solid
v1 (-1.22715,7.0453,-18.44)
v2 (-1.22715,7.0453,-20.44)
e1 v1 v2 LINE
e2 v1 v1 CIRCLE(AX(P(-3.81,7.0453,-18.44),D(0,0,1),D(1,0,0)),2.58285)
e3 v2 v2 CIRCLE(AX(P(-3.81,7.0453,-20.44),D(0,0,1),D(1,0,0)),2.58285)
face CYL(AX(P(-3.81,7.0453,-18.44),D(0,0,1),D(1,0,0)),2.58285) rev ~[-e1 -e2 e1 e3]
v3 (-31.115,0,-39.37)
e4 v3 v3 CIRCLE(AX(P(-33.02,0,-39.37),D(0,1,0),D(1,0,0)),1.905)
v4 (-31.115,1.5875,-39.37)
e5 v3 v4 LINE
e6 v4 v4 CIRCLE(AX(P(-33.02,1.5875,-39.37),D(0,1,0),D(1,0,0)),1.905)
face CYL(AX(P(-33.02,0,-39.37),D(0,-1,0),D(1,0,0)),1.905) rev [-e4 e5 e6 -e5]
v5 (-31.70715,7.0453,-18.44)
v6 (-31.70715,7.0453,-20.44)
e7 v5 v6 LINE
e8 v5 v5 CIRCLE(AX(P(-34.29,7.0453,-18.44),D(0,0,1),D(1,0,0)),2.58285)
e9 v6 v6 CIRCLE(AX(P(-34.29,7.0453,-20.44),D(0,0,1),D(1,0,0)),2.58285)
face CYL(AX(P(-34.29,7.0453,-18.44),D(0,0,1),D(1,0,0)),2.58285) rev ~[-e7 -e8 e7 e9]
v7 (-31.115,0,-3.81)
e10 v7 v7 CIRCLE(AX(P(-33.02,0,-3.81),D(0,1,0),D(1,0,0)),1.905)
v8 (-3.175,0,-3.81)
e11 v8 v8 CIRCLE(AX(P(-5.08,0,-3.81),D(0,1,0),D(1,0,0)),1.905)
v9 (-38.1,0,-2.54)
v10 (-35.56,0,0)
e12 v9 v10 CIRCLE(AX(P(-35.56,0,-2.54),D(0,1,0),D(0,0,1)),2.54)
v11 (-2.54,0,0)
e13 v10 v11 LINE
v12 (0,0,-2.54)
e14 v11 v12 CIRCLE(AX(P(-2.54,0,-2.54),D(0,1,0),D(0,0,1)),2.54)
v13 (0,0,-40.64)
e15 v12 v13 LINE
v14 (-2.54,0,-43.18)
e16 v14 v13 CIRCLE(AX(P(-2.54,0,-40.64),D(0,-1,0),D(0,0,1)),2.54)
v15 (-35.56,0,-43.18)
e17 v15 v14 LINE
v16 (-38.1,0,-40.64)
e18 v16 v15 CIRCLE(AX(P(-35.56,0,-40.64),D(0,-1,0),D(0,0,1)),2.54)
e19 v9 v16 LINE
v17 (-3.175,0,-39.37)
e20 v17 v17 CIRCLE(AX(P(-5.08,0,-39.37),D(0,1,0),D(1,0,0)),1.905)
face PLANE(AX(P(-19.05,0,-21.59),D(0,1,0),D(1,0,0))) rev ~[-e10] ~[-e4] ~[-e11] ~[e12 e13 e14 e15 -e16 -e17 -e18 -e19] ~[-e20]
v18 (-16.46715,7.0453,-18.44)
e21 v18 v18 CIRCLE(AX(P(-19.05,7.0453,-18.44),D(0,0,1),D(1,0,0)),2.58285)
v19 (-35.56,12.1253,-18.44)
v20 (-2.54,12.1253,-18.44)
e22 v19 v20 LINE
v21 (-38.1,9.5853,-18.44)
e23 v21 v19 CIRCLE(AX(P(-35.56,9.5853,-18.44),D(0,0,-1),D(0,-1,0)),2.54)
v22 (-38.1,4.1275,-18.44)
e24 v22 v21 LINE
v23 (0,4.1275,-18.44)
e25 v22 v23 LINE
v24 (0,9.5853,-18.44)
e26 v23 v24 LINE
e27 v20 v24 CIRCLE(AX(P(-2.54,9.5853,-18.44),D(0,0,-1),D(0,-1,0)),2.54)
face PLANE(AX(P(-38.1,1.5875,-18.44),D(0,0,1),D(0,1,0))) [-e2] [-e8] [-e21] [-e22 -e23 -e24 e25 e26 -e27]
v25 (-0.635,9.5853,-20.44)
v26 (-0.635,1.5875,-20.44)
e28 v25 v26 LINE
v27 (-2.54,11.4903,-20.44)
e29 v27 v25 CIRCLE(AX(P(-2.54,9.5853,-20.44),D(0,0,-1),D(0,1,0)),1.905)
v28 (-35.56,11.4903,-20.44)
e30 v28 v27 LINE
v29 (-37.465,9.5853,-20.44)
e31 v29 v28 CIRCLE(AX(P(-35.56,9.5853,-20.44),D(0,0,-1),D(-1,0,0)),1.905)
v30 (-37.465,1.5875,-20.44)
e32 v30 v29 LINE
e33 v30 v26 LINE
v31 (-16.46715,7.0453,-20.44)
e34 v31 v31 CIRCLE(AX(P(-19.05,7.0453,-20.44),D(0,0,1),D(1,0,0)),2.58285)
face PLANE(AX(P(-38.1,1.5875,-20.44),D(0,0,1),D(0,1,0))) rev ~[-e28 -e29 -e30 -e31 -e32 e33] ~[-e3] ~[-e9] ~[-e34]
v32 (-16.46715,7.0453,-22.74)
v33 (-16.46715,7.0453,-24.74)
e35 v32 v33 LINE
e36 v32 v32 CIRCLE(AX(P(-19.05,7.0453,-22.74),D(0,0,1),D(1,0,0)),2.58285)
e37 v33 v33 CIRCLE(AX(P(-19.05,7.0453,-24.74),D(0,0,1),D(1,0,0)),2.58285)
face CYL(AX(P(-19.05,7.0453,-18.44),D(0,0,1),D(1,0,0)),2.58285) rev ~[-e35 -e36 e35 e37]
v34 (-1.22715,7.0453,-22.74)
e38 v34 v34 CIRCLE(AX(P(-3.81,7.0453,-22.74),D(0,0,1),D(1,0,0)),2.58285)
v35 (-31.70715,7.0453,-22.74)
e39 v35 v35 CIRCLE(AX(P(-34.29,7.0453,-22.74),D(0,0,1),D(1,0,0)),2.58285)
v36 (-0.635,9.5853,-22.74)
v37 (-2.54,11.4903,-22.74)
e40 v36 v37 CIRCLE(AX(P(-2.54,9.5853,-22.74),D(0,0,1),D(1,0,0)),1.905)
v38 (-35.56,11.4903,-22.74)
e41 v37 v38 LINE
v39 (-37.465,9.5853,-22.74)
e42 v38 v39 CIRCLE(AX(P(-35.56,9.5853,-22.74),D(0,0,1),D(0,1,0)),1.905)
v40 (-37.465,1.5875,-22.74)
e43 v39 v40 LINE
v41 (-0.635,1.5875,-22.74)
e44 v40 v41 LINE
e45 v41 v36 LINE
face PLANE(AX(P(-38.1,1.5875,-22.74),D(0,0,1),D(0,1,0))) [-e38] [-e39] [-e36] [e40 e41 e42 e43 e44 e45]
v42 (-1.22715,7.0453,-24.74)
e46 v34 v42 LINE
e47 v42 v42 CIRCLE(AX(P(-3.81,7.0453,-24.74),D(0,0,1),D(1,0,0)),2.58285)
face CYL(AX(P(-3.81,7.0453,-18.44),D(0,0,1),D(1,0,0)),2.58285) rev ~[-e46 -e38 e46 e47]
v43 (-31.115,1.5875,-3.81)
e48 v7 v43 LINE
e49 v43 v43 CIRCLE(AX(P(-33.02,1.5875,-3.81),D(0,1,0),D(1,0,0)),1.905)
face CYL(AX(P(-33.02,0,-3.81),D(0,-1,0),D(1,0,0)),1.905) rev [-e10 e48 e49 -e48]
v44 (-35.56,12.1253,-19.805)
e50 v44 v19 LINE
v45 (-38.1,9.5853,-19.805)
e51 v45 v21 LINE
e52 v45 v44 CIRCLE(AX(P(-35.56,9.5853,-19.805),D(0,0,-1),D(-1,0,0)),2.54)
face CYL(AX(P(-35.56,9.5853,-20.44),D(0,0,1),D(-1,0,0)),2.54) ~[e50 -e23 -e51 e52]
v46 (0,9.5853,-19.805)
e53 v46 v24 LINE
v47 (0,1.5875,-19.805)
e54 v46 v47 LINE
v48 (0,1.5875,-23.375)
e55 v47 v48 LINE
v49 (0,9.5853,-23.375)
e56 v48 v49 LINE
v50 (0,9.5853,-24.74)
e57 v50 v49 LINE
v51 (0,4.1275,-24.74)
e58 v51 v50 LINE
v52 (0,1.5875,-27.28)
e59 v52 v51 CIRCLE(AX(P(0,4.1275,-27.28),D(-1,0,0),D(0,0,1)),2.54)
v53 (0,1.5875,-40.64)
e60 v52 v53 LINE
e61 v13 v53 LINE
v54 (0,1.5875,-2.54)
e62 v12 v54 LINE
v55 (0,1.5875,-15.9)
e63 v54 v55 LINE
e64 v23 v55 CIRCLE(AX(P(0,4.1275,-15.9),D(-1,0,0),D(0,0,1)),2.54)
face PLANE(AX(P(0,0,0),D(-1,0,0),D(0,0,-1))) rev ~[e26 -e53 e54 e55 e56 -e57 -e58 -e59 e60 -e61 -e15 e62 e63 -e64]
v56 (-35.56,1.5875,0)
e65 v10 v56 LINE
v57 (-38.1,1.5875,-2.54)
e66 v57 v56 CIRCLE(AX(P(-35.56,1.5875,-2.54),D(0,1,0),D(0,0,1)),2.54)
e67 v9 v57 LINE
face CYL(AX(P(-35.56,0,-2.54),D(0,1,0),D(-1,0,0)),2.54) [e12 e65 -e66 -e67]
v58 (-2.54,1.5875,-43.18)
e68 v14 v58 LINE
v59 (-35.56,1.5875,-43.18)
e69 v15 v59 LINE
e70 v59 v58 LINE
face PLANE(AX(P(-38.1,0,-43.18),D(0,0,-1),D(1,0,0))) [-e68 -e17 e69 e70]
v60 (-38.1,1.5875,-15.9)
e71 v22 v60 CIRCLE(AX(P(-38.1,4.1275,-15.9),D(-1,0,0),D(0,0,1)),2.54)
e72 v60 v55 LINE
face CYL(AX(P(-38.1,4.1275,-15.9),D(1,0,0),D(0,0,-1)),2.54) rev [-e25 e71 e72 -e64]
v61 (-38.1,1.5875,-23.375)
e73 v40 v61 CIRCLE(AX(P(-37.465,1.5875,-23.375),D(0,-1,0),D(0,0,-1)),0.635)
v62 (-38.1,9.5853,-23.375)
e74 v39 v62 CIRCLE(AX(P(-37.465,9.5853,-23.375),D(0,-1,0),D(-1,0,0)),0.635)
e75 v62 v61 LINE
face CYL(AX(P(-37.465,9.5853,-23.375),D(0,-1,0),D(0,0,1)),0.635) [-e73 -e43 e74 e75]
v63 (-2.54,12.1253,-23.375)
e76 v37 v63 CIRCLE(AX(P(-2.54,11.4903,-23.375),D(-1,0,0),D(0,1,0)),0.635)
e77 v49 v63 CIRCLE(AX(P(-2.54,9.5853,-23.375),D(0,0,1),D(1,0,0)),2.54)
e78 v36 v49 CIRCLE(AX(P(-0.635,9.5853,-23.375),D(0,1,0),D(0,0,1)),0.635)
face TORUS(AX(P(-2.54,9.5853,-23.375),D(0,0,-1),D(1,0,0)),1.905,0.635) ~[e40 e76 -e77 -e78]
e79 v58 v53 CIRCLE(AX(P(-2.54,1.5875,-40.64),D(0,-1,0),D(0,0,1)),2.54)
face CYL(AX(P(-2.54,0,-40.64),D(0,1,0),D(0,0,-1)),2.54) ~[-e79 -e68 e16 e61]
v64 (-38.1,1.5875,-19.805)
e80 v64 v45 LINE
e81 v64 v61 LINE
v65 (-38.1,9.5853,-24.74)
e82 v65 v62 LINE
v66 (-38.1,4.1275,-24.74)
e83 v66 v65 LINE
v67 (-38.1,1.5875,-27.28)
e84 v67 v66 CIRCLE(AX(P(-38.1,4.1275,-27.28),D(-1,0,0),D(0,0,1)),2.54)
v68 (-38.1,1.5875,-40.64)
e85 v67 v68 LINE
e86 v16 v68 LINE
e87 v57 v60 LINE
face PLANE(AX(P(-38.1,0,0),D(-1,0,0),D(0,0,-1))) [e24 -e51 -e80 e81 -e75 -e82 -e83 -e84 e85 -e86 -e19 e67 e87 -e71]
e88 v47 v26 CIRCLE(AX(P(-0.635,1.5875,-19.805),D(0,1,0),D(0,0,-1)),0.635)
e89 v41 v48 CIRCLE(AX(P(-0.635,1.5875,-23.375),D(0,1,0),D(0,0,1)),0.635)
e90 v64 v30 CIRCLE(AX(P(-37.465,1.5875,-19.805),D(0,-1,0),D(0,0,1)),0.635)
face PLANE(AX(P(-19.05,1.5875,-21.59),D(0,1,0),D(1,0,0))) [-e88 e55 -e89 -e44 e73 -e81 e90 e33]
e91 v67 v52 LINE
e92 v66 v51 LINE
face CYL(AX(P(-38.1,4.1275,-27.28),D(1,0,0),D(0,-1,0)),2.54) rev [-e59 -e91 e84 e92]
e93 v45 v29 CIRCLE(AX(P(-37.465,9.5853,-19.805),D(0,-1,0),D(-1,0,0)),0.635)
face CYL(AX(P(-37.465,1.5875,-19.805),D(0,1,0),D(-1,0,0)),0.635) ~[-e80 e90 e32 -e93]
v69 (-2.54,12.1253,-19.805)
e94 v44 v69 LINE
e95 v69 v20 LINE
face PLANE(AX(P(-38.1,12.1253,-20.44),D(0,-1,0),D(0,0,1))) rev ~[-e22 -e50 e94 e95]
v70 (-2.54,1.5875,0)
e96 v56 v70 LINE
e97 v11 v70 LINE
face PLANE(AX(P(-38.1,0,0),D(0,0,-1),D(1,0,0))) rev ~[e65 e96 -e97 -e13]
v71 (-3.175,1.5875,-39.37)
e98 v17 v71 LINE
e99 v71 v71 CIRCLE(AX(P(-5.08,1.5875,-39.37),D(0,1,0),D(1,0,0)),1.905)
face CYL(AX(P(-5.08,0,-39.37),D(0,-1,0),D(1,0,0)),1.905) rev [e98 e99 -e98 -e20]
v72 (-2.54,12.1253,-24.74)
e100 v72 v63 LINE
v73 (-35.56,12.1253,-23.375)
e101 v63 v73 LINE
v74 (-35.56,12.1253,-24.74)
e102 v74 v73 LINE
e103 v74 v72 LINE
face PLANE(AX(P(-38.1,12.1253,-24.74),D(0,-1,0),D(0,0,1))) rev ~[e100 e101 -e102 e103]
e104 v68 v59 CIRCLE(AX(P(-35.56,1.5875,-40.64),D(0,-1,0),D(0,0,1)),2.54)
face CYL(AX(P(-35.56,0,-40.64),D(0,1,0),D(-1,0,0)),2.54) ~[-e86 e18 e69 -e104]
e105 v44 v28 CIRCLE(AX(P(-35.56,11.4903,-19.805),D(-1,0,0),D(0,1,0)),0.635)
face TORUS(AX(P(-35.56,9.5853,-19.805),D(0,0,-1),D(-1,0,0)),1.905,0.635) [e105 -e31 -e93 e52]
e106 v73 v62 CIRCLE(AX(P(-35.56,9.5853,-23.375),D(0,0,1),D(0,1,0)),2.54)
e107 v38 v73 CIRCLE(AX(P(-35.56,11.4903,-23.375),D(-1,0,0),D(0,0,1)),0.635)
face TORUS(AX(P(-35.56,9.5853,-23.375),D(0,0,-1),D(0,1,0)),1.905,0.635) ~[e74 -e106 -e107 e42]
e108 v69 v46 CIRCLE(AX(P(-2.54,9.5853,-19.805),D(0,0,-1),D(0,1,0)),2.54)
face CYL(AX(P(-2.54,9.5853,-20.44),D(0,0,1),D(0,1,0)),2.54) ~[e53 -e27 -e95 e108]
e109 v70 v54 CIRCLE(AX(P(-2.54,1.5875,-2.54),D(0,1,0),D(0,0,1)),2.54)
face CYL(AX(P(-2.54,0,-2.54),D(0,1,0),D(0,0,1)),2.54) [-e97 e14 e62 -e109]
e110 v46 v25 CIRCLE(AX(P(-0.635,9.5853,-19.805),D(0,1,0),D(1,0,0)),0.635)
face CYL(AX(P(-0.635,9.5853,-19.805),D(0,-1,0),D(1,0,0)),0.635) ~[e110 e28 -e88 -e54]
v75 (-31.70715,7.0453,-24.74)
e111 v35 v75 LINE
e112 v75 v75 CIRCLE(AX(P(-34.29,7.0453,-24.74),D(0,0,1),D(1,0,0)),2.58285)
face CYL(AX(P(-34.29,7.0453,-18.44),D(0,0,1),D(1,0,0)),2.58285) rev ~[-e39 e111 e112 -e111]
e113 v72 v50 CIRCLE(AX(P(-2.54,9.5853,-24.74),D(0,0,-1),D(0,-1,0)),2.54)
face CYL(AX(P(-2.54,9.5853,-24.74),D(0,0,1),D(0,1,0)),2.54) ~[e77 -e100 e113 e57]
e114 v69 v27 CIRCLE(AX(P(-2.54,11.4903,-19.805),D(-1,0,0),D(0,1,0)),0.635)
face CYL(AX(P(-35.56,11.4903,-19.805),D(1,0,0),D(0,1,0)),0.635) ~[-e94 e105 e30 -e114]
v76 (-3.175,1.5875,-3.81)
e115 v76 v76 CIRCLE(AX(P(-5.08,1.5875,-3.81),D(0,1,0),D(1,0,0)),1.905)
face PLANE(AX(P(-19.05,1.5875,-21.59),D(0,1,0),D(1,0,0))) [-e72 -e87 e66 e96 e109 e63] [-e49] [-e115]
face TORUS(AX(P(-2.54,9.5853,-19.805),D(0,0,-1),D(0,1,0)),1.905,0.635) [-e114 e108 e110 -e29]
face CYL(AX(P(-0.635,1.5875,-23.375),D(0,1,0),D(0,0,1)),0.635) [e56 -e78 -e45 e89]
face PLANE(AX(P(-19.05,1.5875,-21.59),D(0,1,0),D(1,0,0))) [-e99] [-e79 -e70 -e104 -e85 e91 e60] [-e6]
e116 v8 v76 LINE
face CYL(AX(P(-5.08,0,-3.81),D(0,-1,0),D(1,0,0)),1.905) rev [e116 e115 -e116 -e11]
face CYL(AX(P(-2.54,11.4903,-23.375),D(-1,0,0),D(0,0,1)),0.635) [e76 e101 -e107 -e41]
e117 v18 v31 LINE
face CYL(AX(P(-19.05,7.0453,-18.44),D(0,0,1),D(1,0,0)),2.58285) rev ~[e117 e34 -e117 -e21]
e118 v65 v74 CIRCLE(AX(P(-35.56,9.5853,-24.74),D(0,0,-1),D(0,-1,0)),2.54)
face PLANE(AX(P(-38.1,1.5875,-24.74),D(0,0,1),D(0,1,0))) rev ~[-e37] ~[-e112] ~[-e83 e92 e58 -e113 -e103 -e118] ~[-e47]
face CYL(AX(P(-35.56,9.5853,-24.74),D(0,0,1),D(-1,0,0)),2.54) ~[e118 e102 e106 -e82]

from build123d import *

# Parameters (mm, degrees)
SKETCH1_W               = 38.1
SKETCH1_H               = 43.18
SKETCH1_R               = 1.905
BOSS_EXTRUDE1_DEPTH     = 1.5875
SKETCH2_W               = 2
SKETCH2_H               = 10.5378
BOSS_EXTRUDE2_DEPTH     = 38.1
SKETCH4_R               = 2.58285
CUT_EXTRUDE1_DEPTH      = 19.44
CUT_EXTRUDE1_DEPTH_BACK = 25.74
FILLET1_R               = 2.54
FILLET2_R               = 2.54
FILLET4_R               = 2.54
FILLET5_R               = 0.635


with BuildPart() as part:
    # Sketch1 → Boss-Extrude1 (new body)
    with BuildSketch(Plane(origin=(0, 0, 0), x_dir=(1, 0, 0), z_dir=(0, 1, 0))):
        with Locations((-19.05, 21.59)):
            Rectangle(SKETCH1_W, SKETCH1_H)
        with Locations((-33.02, 39.37)):
            Circle(SKETCH1_R, mode=Mode.SUBTRACT)
        with Locations((-33.02, 3.81)):
            Circle(SKETCH1_R, mode=Mode.SUBTRACT)
        with Locations((-5.08, 3.81)):
            Circle(SKETCH1_R, mode=Mode.SUBTRACT)
        with Locations((-5.08, 39.37)):
            Circle(SKETCH1_R, mode=Mode.SUBTRACT)
    extrude(amount=BOSS_EXTRUDE1_DEPTH)

    # Sketch2 → Boss-Extrude2 (add)
    with BuildSketch(Plane.ZY.offset(38.1)):
        with Locations((-23.74, 6.8564)):
            Rectangle(SKETCH2_W, SKETCH2_H)
        with Locations((-19.44, 6.8564)):
            Rectangle(SKETCH2_W, SKETCH2_H)
    extrude(amount=-BOSS_EXTRUDE2_DEPTH)

    # Sketch4 → Cut-Extrude1 (cut, two sides)
    with BuildSketch(Plane.XY.offset(-18.44)) as cut_extrude1_sk:
        with Locations((-34.29, 7.0453)):
            Circle(SKETCH4_R)
        with Locations((-19.05, 7.0453)):
            Circle(SKETCH4_R)
        with Locations((-3.81, 7.0453)):
            Circle(SKETCH4_R)
    extrude(amount=CUT_EXTRUDE1_DEPTH, mode=Mode.SUBTRACT)
    extrude(cut_extrude1_sk.sketch, amount=-CUT_EXTRUDE1_DEPTH_BACK, mode=Mode.SUBTRACT)

    # Fillet1
    fillet1_edges = [part.edges().sort_by_distance(p)[0] for p in [
        (0, 12.1253, -19.44),
        (-38.1, 12.1253, -19.44),
        (0, 12.1253, -23.74),
        (-38.1, 12.1253, -23.74),
    ]]
    fillet(fillet1_edges, radius=FILLET1_R)

    # Fillet2
    fillet2_edges = [part.edges().sort_by_distance(p)[0] for p in [
        (-19.05, 1.5875, -18.44),
        (-19.05, 1.5875, -24.74),
    ]]
    fillet(fillet2_edges, radius=FILLET2_R)

    # Fillet4
    fillet4_edges = [part.edges().sort_by_distance(p)[0] for p in [
        (0, 0.79375, 0),
        (-38.1, 0.79375, 0),
        (-38.1, 0.79375, -43.18),
        (0, 0.79375, -43.18),
    ]]
    fillet(fillet4_edges, radius=FILLET4_R)

    # Fillet5
    fillet5_edges = [part.edges().sort_by_distance(p)[0] for p in [
        (-38.1, 5.5864, -20.44),
        (0, 5.5864, -22.74),
        (-19.05, 12.1253, -22.74),
        (0, 5.5864, -20.44),
        (-38.1, 5.5864, -22.74),
        (-37.356051224, 11.381351224, -22.74),
        (-0.743948776, 11.381351224, -22.74),
        (-19.05, 12.1253, -20.44),
        (-37.356051224, 11.381351224, -20.44),
        (-0.743948776, 11.381351224, -20.44),
    ]]
    fillet(fillet5_edges, radius=FILLET5_R)


solid = part.part
